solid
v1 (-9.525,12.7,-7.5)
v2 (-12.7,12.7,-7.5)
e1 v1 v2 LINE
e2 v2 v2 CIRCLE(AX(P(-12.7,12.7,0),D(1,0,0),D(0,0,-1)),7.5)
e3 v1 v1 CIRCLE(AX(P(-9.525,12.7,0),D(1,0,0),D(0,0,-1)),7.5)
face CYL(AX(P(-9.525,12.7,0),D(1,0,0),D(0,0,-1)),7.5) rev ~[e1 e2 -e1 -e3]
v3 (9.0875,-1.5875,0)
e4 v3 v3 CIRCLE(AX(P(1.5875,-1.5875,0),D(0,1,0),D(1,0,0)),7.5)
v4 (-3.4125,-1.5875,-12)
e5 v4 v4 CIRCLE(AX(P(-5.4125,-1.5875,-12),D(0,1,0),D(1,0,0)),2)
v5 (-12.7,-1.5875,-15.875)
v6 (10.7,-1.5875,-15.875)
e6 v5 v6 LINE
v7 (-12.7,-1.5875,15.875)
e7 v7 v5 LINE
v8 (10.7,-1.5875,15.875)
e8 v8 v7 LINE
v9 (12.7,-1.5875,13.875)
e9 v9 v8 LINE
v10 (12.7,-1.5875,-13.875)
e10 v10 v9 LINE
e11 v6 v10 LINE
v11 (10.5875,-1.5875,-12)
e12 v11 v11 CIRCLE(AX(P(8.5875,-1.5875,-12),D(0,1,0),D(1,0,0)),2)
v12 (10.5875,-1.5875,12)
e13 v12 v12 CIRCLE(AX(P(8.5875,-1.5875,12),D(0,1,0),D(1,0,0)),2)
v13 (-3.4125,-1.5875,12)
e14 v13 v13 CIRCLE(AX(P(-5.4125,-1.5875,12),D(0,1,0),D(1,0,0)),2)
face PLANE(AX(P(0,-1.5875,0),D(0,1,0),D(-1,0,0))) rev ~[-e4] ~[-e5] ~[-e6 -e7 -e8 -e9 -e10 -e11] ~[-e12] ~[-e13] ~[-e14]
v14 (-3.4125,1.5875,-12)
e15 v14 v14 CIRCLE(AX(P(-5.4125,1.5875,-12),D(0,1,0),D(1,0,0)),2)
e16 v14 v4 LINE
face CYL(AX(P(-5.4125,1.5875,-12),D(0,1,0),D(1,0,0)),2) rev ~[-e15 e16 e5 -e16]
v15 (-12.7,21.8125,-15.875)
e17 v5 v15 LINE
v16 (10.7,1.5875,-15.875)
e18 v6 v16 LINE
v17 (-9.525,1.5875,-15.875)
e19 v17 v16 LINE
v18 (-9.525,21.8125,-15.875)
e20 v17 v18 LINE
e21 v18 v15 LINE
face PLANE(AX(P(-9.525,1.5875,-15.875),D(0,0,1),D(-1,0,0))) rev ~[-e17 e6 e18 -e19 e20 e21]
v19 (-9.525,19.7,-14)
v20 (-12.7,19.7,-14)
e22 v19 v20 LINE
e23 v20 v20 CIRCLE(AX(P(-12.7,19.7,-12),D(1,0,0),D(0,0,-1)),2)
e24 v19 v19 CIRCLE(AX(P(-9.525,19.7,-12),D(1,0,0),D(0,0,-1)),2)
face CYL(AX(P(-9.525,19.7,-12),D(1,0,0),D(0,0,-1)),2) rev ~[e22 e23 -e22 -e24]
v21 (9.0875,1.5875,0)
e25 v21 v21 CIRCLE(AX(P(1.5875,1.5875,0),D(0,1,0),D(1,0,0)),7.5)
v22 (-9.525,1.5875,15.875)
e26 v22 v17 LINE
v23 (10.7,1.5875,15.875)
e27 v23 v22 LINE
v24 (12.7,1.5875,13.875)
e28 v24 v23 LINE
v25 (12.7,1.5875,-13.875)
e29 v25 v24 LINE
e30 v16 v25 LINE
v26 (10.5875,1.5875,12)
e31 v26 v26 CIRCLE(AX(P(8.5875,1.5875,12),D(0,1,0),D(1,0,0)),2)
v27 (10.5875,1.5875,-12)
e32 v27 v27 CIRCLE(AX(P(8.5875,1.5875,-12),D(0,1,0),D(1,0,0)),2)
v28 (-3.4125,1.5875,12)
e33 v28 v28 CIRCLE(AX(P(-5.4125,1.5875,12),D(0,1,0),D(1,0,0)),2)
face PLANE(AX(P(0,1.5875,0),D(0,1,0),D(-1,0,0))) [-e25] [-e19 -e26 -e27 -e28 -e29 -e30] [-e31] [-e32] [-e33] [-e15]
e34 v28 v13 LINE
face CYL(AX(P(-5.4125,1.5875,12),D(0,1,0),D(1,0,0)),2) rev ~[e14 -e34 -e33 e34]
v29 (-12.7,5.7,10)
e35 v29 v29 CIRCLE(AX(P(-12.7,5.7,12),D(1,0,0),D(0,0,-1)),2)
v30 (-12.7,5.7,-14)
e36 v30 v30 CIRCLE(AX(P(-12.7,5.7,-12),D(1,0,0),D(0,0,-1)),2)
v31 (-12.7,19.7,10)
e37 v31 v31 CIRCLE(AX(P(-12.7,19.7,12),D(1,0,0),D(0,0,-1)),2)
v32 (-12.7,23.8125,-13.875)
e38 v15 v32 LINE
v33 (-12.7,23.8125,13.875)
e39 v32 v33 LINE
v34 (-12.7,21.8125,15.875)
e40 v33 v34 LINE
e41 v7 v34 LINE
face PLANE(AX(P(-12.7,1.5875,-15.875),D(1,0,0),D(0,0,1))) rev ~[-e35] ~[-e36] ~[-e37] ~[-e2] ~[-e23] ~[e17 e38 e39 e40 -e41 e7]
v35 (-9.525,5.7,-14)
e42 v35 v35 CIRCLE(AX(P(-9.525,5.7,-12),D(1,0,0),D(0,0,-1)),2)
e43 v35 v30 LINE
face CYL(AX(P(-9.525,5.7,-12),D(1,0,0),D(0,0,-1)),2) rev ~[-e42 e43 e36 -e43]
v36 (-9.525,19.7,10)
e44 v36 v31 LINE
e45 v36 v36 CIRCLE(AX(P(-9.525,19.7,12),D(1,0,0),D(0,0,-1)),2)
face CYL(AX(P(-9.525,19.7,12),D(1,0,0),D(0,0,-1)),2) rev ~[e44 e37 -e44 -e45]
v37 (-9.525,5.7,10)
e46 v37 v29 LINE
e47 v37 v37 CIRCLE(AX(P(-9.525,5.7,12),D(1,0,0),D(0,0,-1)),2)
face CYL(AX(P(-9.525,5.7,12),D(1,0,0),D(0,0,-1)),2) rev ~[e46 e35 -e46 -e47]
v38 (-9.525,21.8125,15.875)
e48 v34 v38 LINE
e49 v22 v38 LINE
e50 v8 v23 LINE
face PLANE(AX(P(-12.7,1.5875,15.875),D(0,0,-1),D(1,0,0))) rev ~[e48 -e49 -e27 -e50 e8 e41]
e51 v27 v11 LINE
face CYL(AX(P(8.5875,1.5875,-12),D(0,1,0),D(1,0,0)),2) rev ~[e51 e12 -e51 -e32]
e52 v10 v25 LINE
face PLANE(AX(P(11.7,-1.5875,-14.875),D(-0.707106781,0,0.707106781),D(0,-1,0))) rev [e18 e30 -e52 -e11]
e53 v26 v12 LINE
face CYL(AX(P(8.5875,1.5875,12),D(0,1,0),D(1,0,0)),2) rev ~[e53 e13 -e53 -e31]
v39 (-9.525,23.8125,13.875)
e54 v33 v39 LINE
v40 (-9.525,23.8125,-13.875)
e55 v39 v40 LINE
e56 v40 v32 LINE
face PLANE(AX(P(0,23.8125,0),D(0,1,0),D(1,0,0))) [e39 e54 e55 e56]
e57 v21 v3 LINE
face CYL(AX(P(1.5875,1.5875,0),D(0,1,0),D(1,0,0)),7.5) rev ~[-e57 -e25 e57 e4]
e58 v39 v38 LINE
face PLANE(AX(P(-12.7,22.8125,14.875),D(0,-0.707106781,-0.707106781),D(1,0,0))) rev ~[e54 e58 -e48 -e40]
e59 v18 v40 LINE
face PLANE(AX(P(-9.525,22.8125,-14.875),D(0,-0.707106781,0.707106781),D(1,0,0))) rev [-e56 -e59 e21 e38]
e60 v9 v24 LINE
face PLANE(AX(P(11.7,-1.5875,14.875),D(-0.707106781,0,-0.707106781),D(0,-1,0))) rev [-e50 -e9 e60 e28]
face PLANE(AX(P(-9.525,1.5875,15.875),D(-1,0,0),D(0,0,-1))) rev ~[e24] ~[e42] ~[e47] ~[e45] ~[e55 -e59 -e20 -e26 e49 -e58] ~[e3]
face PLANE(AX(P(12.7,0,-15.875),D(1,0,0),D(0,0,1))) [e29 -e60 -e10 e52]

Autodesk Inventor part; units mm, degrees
ref_plane "YZ Plane" through (0, 0, 0) normal (1, 0, 0) x (0, 1, 0)
ref_plane "XZ Plane" through (0, 0, 0) normal (0, 1, 0) x (-1, 0, 0)
ref_plane "XY Plane" through (0, 0, 0) normal (0, 0, 1) x (1, 0, 0)
sketch "Sketch1" plane through (0, 0, 0) normal (0, 1, 0) x (-1, 0, 0)
  line L0 (-12.7, 15.875) -> (12.7, 15.875)
  line L1 (12.7, 15.875) -> (12.7, -15.875)
  line L2 (12.7, -15.875) -> (-12.7, -15.875)
  line L3 (-12.7, -15.875) -> (-12.7, 15.875)
  line L4 (-12.7, 15.875) -> (12.7, -15.875) construction
  line L5 (12.7, 15.875) -> (-12.7, -15.875) construction
  point P0 (0, 0)
  dimension "d0" = 25.4
  dimension "d1" = 31.75
extrude "Extrusion1" add sketch "Sketch1" along normal mid plane 3.175
sketch "Sketch2" plane through (0, 1.5875, 0) normal (0, 1, 0) x (1, 0, 0)
  line L0 (-12.7, 15.875) -> (-12.7, -15.875) projected
  line L1 (-12.7, -15.875) -> (-9.525, -15.875)
  line L2 (-9.525, -15.875) -> (-9.525, 15.875)
  line L3 (-9.525, 15.875) -> (-12.7, 15.875)
  line L4 (-12.7, 15.875) -> (-12.7, -15.875)
  line L5 (12.7, 15.875) -> (-12.7, 15.875) projected
  point P0 (0, 0)
  point P1 (-12.7, 15.875)
  dimension "d4" = 3.175
extrude "Extrusion2" add sketch "Sketch2" along normal blind 22.225
sketch "Sketch3" plane through (0, 1.5875, 0) normal (0, 1, 0) x (1, 0, 0)
  line L0 (-9.525, -15.875) -> (12.7, -15.875) construction
  line L1 (12.7, 15.875) -> (-9.525, 15.875) construction
  line L2 (-9.525, 15.875) -> (-9.525, -15.875) construction
  line L3 (-9.525, -15.875) -> (12.7, -15.875) projected
  line L4 (12.7, -15.875) -> (12.7, 15.875) construction
  line L5 (12.7, 15.875) -> (-9.525, 15.875) projected
  line L6 (1.5875, 15.875) -> (1.5875, -15.875) construction
  line L7 (12.7, -15.875) -> (-12.7, -15.875) projected
  line L8 (12.7, 0) -> (-9.525, 0) construction
  circle A0 centre (1.5875, 0) radius 7.5
  circle A1 centre (-5.4125, -12) radius 2
  circle A2 centre (-5.4125, 12) radius 2
  circle A3 centre (8.5875, -12) radius 2
  circle A4 centre (8.5875, 12) radius 2
  circle A5 centre (1.5875, 0) radius 8.5 construction
  circle A6 centre (-5.4125, -12) radius 3.5 construction
  point P0 (0, 0)
  dimension "d8" = 15
  dimension "d11" = 4
  dimension "d12" = 7
  dimension "d13" = 12
  dimension "d16" = 17
  dimension "d17" = 7
extrude "Extrusion3" cut sketch "Sketch3" against normal up to surface (3.175 mm away)
sketch "Sketch4" plane through (-9.525, 1.5875, 15.875) normal (1, 0, 0) x (0, 0, -1)
  line L0 (31.75, 0) -> (0, 0) construction
  line L1 (31.75, 0) -> (31.75, 22.225) construction
  line L2 (0, 22.225) -> (31.75, 22.225) construction
  line L3 (0, 0) -> (0, 22.225) construction
  line L4 (0, 11.1125) -> (31.75, 11.1125) construction
  line L5 (15.875, 22.225) -> (15.875, 0) construction
  circle A0 centre (15.875, 11.1125) radius 7.5
  circle A1 centre (3.875, 18.1125) radius 2
  circle A2 centre (3.875, 4.1125) radius 2
  circle A3 centre (27.875, 18.1125) radius 2
  circle A4 centre (27.875, 4.1125) radius 2
  point P0 (15.875, -1.5875)
  dimension "d18" = 15
  dimension "d19" = 4
  dimension "d20" = 12
  dimension "d21" = 7
extrude "Extrusion4" cut sketch "Sketch4" against normal up to surface (3.175 mm away)
chamfer "Chamfer1" distance 2 angle 45 4 edges at (12.7, 0, 15.875) (12.7, 0, -15.875) (-11.1125, 23.8125, -15.875) (-11.1125, 23.8125, 15.875)
properties part number "Custom L Bracket"
